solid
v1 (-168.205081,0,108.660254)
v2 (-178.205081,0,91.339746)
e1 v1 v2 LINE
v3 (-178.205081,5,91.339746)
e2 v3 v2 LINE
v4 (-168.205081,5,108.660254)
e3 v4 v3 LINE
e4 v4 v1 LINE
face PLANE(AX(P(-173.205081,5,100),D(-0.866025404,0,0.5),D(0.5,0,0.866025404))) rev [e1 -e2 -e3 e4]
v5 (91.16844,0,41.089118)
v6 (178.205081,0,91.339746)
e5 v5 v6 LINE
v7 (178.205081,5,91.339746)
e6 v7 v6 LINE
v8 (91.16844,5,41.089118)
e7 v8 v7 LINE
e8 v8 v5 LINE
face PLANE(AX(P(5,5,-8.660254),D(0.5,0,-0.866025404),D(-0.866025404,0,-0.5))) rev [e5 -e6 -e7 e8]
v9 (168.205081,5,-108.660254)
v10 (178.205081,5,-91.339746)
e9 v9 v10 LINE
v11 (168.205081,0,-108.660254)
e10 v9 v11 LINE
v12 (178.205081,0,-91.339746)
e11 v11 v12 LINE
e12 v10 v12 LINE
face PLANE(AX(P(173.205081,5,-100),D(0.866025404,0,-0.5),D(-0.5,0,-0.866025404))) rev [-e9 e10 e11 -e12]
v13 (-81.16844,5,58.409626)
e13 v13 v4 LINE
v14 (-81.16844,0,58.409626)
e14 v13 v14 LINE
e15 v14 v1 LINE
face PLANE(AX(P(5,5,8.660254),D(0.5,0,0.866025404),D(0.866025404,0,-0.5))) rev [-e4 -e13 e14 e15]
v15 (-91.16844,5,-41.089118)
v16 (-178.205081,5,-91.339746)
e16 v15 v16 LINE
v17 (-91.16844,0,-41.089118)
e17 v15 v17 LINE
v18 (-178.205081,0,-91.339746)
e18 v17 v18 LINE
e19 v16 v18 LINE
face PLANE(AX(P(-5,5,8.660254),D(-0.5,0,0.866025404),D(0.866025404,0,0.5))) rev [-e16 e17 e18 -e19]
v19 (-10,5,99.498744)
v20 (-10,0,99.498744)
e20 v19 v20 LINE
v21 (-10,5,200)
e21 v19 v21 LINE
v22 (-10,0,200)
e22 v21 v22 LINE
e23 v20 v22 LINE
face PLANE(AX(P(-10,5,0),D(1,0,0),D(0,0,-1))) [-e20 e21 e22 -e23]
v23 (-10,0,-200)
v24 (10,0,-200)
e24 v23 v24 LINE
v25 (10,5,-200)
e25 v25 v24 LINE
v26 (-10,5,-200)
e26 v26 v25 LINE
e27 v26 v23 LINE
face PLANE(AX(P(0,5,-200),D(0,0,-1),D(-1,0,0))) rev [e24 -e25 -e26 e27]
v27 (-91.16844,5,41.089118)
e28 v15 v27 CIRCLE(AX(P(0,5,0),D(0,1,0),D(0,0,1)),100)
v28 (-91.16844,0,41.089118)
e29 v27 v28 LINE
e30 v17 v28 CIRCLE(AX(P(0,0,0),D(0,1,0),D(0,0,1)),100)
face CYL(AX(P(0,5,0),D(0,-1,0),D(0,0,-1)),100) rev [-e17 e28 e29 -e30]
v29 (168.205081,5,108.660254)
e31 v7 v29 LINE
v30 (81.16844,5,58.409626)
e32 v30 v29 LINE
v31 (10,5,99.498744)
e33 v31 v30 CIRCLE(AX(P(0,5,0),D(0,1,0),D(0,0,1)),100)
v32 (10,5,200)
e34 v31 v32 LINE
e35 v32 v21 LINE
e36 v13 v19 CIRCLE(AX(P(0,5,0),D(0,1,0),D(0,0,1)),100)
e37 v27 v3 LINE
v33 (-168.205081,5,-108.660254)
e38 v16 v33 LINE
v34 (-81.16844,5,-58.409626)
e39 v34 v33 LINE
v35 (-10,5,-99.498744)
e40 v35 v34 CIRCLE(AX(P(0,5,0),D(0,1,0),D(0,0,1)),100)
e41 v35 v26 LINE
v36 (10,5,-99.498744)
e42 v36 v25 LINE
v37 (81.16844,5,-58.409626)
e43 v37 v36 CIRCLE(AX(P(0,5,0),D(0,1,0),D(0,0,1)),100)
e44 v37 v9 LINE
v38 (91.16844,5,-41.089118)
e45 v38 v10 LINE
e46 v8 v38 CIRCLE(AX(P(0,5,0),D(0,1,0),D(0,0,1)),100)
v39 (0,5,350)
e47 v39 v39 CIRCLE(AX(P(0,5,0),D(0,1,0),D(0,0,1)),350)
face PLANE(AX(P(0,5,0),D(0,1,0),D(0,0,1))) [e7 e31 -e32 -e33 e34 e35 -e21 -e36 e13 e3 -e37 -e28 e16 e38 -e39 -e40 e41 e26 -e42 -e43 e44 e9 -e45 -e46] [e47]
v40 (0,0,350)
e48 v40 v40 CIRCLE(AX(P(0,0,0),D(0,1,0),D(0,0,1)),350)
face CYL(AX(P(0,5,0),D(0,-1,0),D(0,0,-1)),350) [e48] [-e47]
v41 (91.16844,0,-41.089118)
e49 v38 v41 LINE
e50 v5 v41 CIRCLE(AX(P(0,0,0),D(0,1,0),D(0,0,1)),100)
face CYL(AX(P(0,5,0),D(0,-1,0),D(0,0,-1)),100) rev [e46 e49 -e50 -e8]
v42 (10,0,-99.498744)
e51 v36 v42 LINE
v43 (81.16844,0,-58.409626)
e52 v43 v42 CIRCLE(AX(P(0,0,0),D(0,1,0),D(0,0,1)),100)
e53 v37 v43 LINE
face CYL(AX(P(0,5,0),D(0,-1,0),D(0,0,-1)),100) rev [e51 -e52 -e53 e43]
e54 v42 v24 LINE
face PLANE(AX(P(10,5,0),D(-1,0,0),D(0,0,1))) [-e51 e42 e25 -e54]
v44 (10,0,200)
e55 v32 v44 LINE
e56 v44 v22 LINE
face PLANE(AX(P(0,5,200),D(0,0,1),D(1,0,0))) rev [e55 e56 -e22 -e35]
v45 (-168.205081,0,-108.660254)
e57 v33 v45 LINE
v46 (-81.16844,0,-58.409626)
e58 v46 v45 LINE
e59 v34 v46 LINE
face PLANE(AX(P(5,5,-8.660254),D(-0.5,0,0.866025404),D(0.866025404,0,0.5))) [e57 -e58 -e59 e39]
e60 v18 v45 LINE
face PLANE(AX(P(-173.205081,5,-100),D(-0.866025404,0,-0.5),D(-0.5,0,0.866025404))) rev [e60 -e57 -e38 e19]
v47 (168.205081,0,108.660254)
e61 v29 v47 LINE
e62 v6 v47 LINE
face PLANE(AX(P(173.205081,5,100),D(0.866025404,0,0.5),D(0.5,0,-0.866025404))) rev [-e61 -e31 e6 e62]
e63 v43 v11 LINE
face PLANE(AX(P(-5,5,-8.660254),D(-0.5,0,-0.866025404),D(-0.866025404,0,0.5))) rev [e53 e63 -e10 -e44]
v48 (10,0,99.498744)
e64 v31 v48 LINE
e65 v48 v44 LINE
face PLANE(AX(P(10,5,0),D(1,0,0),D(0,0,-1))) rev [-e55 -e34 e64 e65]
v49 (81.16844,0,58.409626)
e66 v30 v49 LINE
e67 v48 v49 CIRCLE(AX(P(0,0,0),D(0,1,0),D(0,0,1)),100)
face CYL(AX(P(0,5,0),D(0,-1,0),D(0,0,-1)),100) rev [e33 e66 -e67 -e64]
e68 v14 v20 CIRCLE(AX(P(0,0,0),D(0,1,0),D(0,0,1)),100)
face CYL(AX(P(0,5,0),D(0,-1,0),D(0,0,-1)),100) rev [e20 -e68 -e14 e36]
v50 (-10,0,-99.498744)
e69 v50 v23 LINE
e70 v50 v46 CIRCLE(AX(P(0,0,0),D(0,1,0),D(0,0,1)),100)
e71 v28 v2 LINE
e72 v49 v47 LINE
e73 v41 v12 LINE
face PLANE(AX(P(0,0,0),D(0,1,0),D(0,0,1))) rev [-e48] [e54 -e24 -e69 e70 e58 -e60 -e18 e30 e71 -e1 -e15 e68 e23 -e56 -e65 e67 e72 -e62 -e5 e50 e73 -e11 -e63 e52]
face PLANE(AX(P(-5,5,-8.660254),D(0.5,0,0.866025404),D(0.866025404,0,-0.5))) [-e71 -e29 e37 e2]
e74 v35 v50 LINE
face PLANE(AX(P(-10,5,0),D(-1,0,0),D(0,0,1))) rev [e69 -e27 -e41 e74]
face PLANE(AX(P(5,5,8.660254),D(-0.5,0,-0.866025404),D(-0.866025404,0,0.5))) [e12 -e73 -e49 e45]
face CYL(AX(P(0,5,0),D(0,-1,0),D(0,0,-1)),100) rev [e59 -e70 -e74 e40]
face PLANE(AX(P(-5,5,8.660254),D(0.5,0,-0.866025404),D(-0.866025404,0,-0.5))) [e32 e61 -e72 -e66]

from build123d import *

# Parameters (mm, degrees)
IZIM1_R                     = 350
Y_KSEKLIK_EKSTR_ZYON1_DEPTH = 5


with BuildPart() as part:
    # Çizim1 → Yükseklik-Ekstrüzyon1 (new body)
    # profile 1 of 7: a face of its own
    with BuildSketch(Plane(origin=(0, 0, 0), x_dir=(1, 0, 0), z_dir=(0, 1, 0))):
        with Locations(Location((0, 0, 0), (0, 0, 270))):
            Circle(IZIM1_R)
        with BuildLine():
            ThreePointArc((70.062926922, 71.352549156), (75.892103529, 65.118266423), (81.168439698, 58.409625893))
            Line((81.168439698, 58.409625893), (168.205080757, 108.660254038))
            Line((168.205080757, 108.660254038), (178.205080757, 91.339745962))
            Line((178.205080757, 91.339745962), (91.168439698, 41.089117818))
            ThreePointArc((91.168439698, 41.089117818), (94.340124737, 33.165356392), (96.824583655, 25))
            Line((96.824583655, 25), (150, 55.700840941))
            Line((150, 55.700840941), (150, -55.700840941))
            Line((150, -55.700840941), (96.824583655, -25))
            ThreePointArc((96.824583655, -25), (94.340124737, -33.165356392), (91.168439698, -41.089117817))
            Line((91.168439698, -41.089117817), (178.205080757, -91.339745962))
            Line((178.205080757, -91.339745962), (168.205080757, -108.660254038))
            Line((168.205080757, -108.660254038), (81.168439698, -58.409625893))
            ThreePointArc((81.168439698, -58.409625893), (75.892103529, -65.118266423), (70.062926922, -71.352549156))
            Line((70.062926922, -71.352549156), (123.238343267, -102.053390097))
            Line((123.238343267, -102.053390097), (26.761656733, -157.754231038))
            Line((26.761656733, -157.754231038), (26.761656733, -96.352549156))
            ThreePointArc((26.761656733, -96.352549156), (18.448021208, -98.283622814), (10, -99.498743711))
            Line((10, -99.498743711), (10, -200))
            Line((10, -200), (-10, -200))
            Line((-10, -200), (-10, -99.498743711))
            ThreePointArc((-10, -99.498743711), (-18.448021208, -98.283622814), (-26.761656733, -96.352549156))
            Line((-26.761656733, -96.352549156), (-26.761656733, -157.754231038))
            Line((-26.761656733, -157.754231038), (-123.238343267, -102.053390097))
            Line((-123.238343267, -102.053390097), (-70.062926922, -71.352549156))
            ThreePointArc((-70.062926922, -71.352549156), (-75.892103529, -65.118266423), (-81.168439698, -58.409625893))
            Line((-81.168439698, -58.409625893), (-168.205080757, -108.660254038))
            Line((-168.205080757, -108.660254038), (-178.205080757, -91.339745962))
            Line((-178.205080757, -91.339745962), (-91.168439698, -41.089117817))
            ThreePointArc((-91.168439698, -41.089117817), (-94.340124737, -33.165356392), (-96.824583655, -25))
            Line((-96.824583655, -25), (-150, -55.700840941))
            Line((-150, -55.700840941), (-150, 55.700840941))
            Line((-150, 55.700840941), (-96.824583655, 25))
            ThreePointArc((-96.824583655, 25), (-94.340124737, 33.165356392), (-91.168439698, 41.089117818))
            Line((-91.168439698, 41.089117818), (-178.205080757, 91.339745962))
            Line((-178.205080757, 91.339745962), (-168.205080757, 108.660254038))
            Line((-168.205080757, 108.660254038), (-81.168439698, 58.409625893))
            ThreePointArc((-81.168439698, 58.409625893), (-75.892103529, 65.118266423), (-70.062926922, 71.352549156))
            Line((-70.062926922, 71.352549156), (-123.238343267, 102.053390097))
            Line((-123.238343267, 102.053390097), (-26.761656733, 157.754231038))
            Line((-26.761656733, 157.754231038), (-26.761656733, 96.352549156))
            ThreePointArc((-26.761656733, 96.352549156), (-18.448021208, 98.283622814), (-10, 99.498743711))
            Line((-10, 99.498743711), (-10, 200))
            Line((-10, 200), (10, 200))
            Line((10, 200), (10, 99.498743711))
            ThreePointArc((10, 99.498743711), (18.448021208, 98.283622814), (26.761656733, 96.352549156))
            Line((26.761656733, 96.352549156), (26.761656733, 157.754231038))
            Line((26.761656733, 157.754231038), (123.238343267, 102.053390097))
            Line((123.238343267, 102.053390097), (70.062926922, 71.352549156))
        make_face(mode=Mode.SUBTRACT)
    # profile 2 of 7: a face of its own
    with BuildSketch(Plane(origin=(0, 0, 0), x_dir=(1, 0, 0), z_dir=(0, 1, 0))):
        with BuildLine():
            Line((-26.761656733, -157.754231038), (-26.761656733, -96.352549156))
            ThreePointArc((-26.761656733, -96.352549156), (-50, -86.602540378), (-70.062926922, -71.352549156))
            Line((-70.062926922, -71.352549156), (-123.238343267, -102.053390097))
            Line((-123.238343267, -102.053390097), (-26.761656733, -157.754231038))
        make_face()
    # profile 3 of 7: a face of its own
    with BuildSketch(Plane(origin=(0, 0, 0), x_dir=(1, 0, 0), z_dir=(0, 1, 0))):
        with BuildLine():
            ThreePointArc((-96.824583655, -25), (-100, 0), (-96.824583655, 25))
            Line((-96.824583655, 25), (-150, 55.700840941))
            Line((-150, 55.700840941), (-150, -55.700840941))
            Line((-150, -55.700840941), (-96.824583655, -25))
        make_face()
    # profile 4 of 7: a face of its own
    with BuildSketch(Plane(origin=(0, 0, 0), x_dir=(1, 0, 0), z_dir=(0, 1, 0))):
        with BuildLine():
            ThreePointArc((-70.062926922, 71.352549156), (-50, 86.602540378), (-26.761656733, 96.352549156))
            Line((-26.761656733, 96.352549156), (-26.761656733, 157.754231038))
            Line((-26.761656733, 157.754231038), (-123.238343267, 102.053390097))
            Line((-123.238343267, 102.053390097), (-70.062926922, 71.352549156))
        make_face()
    # profile 5 of 7: a face of its own
    with BuildSketch(Plane(origin=(0, 0, 0), x_dir=(1, 0, 0), z_dir=(0, 1, 0))):
        with BuildLine():
            ThreePointArc((26.761656733, 96.352549156), (50, 86.602540378), (70.062926922, 71.352549156))
            Line((70.062926922, 71.352549156), (123.238343267, 102.053390097))
            Line((123.238343267, 102.053390097), (26.761656733, 157.754231038))
            Line((26.761656733, 157.754231038), (26.761656733, 96.352549156))
        make_face()
    # profile 6 of 7: a face of its own
    with BuildSketch(Plane(origin=(0, 0, 0), x_dir=(1, 0, 0), z_dir=(0, 1, 0))):
        with BuildLine():
            Line((150, 55.700840941), (96.824583655, 25))
            ThreePointArc((96.824583655, 25), (100, 0), (96.824583655, -25))
            Line((96.824583655, -25), (150, -55.700840941))
            Line((150, -55.700840941), (150, 55.700840941))
        make_face()
    # profile 7 of 7: a face of its own
    with BuildSketch(Plane(origin=(0, 0, 0), x_dir=(1, 0, 0), z_dir=(0, 1, 0))):
        with BuildLine():
            Line((123.238343267, -102.053390097), (70.062926922, -71.352549156))
            ThreePointArc((70.062926922, -71.352549156), (50, -86.602540378), (26.761656733, -96.352549156))
            Line((26.761656733, -96.352549156), (26.761656733, -157.754231038))
            Line((26.761656733, -157.754231038), (123.238343267, -102.053390097))
        make_face()
    extrude(amount=Y_KSEKLIK_EKSTR_ZYON1_DEPTH)


solid = part.part
